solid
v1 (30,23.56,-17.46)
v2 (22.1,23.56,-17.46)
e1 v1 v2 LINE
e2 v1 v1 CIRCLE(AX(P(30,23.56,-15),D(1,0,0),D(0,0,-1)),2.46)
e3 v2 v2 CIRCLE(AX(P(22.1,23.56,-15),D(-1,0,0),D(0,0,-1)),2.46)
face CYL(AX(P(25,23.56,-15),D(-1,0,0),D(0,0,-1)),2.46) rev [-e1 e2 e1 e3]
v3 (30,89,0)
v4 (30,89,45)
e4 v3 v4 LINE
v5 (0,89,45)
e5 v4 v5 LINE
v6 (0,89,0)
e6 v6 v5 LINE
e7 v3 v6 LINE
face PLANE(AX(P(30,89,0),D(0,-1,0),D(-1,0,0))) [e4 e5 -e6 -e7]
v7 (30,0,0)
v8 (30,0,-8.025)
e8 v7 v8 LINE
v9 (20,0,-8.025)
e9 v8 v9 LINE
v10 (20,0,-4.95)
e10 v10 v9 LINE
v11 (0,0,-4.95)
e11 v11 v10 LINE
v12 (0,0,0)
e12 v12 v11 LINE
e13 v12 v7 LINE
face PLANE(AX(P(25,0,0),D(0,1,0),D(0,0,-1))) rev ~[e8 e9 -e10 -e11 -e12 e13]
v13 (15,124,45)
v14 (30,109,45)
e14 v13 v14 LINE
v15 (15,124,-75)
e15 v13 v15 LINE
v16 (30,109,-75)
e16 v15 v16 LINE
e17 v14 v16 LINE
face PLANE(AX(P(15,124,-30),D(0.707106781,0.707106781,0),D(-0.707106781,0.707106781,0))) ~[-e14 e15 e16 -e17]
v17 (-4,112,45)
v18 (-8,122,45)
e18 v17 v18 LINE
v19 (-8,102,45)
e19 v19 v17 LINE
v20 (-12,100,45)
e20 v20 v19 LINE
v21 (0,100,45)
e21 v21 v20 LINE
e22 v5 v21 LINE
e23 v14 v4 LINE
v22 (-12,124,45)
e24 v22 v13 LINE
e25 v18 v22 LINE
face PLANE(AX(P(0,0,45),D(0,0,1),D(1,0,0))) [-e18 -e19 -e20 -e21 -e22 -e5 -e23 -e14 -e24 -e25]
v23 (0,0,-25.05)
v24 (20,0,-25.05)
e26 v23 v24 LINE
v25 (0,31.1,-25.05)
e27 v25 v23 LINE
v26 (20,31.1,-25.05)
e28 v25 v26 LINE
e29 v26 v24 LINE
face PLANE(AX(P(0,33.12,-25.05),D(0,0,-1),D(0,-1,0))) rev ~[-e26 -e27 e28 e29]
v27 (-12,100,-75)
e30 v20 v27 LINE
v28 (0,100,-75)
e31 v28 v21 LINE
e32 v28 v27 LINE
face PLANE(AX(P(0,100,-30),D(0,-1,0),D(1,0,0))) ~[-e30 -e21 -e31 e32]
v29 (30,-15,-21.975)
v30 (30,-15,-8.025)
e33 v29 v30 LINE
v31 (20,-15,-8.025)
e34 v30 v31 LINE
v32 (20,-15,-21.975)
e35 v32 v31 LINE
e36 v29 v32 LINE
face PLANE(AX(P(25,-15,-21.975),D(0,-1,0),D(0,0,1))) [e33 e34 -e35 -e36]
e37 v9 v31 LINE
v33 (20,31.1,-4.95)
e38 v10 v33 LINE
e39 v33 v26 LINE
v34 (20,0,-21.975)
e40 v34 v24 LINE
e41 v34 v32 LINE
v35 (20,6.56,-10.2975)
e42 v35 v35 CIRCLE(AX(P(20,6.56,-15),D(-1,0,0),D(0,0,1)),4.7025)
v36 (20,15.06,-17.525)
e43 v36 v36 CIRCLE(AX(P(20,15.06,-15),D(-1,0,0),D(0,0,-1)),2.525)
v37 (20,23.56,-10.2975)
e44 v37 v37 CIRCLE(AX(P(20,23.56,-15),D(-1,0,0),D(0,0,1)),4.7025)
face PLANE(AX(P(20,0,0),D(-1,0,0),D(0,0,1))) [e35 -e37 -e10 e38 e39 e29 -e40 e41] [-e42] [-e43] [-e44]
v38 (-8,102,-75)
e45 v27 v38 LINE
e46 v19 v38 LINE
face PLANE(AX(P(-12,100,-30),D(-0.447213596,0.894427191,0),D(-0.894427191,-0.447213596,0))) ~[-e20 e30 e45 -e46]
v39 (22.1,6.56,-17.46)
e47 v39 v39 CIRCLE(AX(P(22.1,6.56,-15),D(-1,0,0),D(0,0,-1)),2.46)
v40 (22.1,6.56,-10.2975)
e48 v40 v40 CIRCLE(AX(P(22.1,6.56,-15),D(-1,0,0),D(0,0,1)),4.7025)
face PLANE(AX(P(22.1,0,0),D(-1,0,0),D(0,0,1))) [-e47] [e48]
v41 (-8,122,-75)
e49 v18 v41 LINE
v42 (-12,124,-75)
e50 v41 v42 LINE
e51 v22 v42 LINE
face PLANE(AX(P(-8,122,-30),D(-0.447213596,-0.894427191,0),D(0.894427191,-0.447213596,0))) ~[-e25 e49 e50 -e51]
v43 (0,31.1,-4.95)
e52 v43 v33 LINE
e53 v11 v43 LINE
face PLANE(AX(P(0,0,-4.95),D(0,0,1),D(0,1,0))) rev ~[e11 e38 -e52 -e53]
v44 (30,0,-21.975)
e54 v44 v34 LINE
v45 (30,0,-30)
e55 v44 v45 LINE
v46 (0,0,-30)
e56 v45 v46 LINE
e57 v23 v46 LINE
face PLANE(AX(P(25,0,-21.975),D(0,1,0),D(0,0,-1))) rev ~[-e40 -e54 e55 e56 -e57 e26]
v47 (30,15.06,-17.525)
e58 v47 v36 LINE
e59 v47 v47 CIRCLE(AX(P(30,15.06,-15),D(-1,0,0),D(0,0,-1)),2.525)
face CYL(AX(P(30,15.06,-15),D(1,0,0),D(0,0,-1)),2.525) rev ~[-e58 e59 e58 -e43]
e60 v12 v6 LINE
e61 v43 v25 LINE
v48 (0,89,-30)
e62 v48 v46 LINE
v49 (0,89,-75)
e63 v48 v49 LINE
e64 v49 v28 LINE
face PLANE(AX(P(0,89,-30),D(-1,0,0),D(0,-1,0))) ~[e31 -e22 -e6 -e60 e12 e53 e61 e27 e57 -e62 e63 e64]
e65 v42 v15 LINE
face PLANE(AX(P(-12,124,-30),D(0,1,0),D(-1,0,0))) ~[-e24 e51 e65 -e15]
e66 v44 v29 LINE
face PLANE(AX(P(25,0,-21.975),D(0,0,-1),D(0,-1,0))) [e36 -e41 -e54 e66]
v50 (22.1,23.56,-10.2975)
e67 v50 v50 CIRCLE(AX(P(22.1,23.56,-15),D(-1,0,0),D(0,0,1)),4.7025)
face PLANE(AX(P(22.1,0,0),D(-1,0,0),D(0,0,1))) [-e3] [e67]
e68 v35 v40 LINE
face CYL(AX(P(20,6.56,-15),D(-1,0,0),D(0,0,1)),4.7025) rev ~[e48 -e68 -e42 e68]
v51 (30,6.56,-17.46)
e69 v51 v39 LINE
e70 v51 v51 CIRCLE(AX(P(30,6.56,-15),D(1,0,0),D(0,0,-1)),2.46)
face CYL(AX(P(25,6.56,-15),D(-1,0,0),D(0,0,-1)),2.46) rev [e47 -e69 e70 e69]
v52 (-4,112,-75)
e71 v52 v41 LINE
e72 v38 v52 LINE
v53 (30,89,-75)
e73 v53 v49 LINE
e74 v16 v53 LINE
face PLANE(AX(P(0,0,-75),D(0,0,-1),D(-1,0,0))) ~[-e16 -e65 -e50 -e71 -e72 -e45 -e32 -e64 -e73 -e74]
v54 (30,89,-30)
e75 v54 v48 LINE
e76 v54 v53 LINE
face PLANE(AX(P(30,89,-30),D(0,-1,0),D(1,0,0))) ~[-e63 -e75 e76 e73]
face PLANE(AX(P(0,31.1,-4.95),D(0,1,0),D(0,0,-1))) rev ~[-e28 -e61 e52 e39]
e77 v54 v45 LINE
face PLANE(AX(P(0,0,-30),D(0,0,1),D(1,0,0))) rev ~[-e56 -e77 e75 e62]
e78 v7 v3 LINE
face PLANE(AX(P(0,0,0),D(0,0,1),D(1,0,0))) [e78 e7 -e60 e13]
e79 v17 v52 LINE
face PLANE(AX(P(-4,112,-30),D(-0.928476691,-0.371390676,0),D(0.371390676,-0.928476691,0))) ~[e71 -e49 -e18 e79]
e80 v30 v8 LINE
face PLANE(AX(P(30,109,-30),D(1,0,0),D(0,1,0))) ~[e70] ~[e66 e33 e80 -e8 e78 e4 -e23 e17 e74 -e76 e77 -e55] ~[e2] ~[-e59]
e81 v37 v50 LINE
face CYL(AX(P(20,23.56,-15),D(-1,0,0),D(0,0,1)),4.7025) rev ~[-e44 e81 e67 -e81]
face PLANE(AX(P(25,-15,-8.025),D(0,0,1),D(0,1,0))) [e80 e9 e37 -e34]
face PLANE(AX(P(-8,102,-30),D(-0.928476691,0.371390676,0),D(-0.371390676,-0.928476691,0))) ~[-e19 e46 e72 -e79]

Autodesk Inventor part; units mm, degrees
ref_plane "YZ Plane" through (0, 0, 0) normal (1, 0, 0) x (0, 1, 0)
ref_plane "XZ Plane" through (0, 0, 0) normal (0, 1, 0) x (-1, 0, 0)
sketch "Sketch1" plane through (0, 0, 0) normal (0, 0, 1) x (1, 0, 0)
  line L0 (0, 0) -> (25, 0)
  line L1 (25, 0) -> (25, 40)
  line L2 (25, 40) -> (0, 40)
  line L3 (0, 40) -> (0, 0)
  dimension "d1" = 25
  dimension "d2" = 40
  dimension "d3" = 25
extrude "Extrusion1" add sketch "Sketch1" against normal blind 30
sketch "Sketch2" plane through (25, 0, 0) normal (1, 0, 0) x (0, 0, -1)
  line L0 (0, 0) -> (30, 0) projected
  circle A0 centre (15, 6.56) radius 2.46
extrude "Extrusion2" cut sketch "Sketch2" against normal blind 30
sketch "Sketch3" plane through (0, 0, 0) normal (-1, 0, 0) x (0, 0, 1)
  line L0 (0, 0) -> (-30, 0) projected
  line L1 (-25.05, 0) -> (-4.95, 0)
  line L2 (-4.95, 0) -> (-4.95, 33.12)
  line L3 (-4.95, 33.12) -> (-25.05, 33.12)
  line L4 (-25.05, 33.12) -> (-25.05, 0)
  dimension "d11" = 20.1
extrude "Extrusion3" cut sketch "Sketch3" against normal blind 20
sketch "Sketch4" plane through (0, 0, 0) normal (0, -1, 0) x (1, 0, 0)
  line L0 (20, -4.95) -> (20, -25.05) projected
  line L1 (20, -15) -> (25, -15)
  line L2 (25, 0) -> (25, -30) projected
  line L3 (20, -8.025) -> (25, -8.025)
  line L4 (25, -8.025) -> (25, -21.975)
  line L5 (25, -21.975) -> (20, -21.975)
  line L6 (20, -21.975) -> (20, -8.025)
  line L7 (20, -8.025) -> (25, -21.975) construction
  line L8 (25, -8.025) -> (20, -21.975) construction
  line L9 (25, -12.54) -> (25, -17.46) projected
  point P0 (0, 0)
  point P1 (22.5, -15)
  dimension "d14" = 13.95
extrude "Extrusion4" add sketch "Sketch4" along normal blind 15
sketch "Sketch5" plane through (20, 0, 0) normal (-1, 0, 0) x (0, 0, 1)
  circle A0 centre (-15, 6.56) radius 2.46 projected
  circle A1 centre (-15, 6.56) radius 4.7025
  circle A2 centre (-15, 6.56) radius 2.46 projected
  circle A3 centre (-15, 6.56) radius 2.46
  point P0 (0, 0)
  dimension "d17" = 9.405
extrude "Extrusion5" cut sketch "Sketch5" against normal blind 2.1
sketch "Sketch6" plane through (25, 0, 0) normal (1, 0, 0) x (0, 0, -1)
  circle A0 centre (15, 6.56) radius 4.7025 projected
  line L0 (15, 6.56) -> (15, 23.56)
  circle A1 centre (15, 23.56) radius 2.46
  point P0 (0, 0)
  dimension "d20" = 17
  dimension "d21" = 4.92
extrude "Extrusion6" cut sketch "Sketch6" against normal blind 10 contours A1
sketch "Sketch7" plane through (20, 0, 0) normal (-1, 0, 0) x (0, 0, 1)
  circle A0 centre (-15, 23.56) radius 2.46 projected
  circle A1 centre (-15, 23.56) radius 4.7025
  point P0 (0, 0)
  dimension "d24" = 9.405
extrude "Extrusion7" cut sketch "Sketch7" against normal blind 2.1
sketch "Sketch9" plane through (25, 0, 0) normal (1, 0, 0) x (0, 0, -1)
  circle A0 centre (15, 6.56) radius 2.46 projected
  circle A1 centre (15, 6.56) radius 2.46
  circle A2 centre (15, 23.56) radius 2.46 projected
  circle A3 centre (15, 23.56) radius 2.46
  line L0 (30, 40) -> (30, 0) projected
  line L1 (30, 0) -> (30, 40)
  line L2 (30, 40) -> (0, 40)
  line L3 (0, 40) -> (0, 0)
  line L4 (0, 0) -> (8.025, 0) projected
  line L5 (21.975, 0) -> (21.975, -15)
  line L6 (21.975, -15) -> (8.025, -15)
  line L7 (8.025, -15) -> (8.025, 0)
  line L8 (0, 0) -> (8.025, 0)
  line L9 (21.975, 0) -> (30, 0)
extrude "Extrusion8" add sketch "Sketch9" along normal blind 5
sketch "Sketch10" plane through (0, 40, 0) normal (0, 1, 0) x (1, 0, 0)
  line L0 (0, 30) -> (30, 30) projected
  line L1 (30, 0) -> (0, 0) projected
  line L2 (0, 30) -> (30, 30)
  line L3 (30, 30) -> (30, 0)
  line L4 (30, 0) -> (0, 0)
  line L5 (0, 0) -> (0, 30)
extrude "Extrusion9" add sketch "Sketch10" along normal blind 30
sketch "Sketch12" plane through (30, 0, 0) normal (1, 0, 0) x (0, 0, -1)
  circle A0 centre (15, 6.56) radius 2.46 projected
  line L0 (15, 6.56) -> (15, 15.06)
  circle A1 centre (15, 15.06) radius 2.525
  point P0 (0, 0)
  dimension "d31" = 8.5
  dimension "d33" = 5.05
extrude "Extrusion10" cut sketch "Sketch12" against normal blind 30 contours A1
sketch "Sketch14" plane through (0, 0, 0) normal (0, 0, 1) x (1, 0, 0)
  line L0 (30, 70) -> (0, 70) projected
  line L1 (0, 70) -> (0, 85)
  line L2 (30, 0) -> (30, 70) projected
  line L3 (30, 109) -> (30, 70)
  line L4 (30, 105) -> (30, 100)
  line L5 (-12, 124) -> (15, 124)
  line L6 (-8, 122) -> (-12, 124)
  line L7 (-8, 122) -> (-4, 112)
  line L8 (-8, 102) -> (-12, 100)
  line L9 (-8, 102) -> (-4, 112)
  line L10 (30, 109) -> (15, 124)
  line L11 (0, 85) -> (0, 100)
  line L12 (0, 100) -> (-12, 100)
  point P0 (0, 0)
  dimension "d69" = 12
extrude "Extrusion12" add sketch "Sketch14" against normal blind 30
sketch "Sketch15" plane through (0, 0, -25.05) normal (-1, 0, 0) x (0, 0, 1)
  line L0 (0, 33.12) -> (20.1, 33.12) projected
  line L1 (20.1, 33.12) -> (20.1, 0) projected
  line L2 (0, 33.12) -> (20.1, 33.12)
  line L3 (20.1, 33.12) -> (20.1, 31.1)
  line L4 (20.1, 31.1) -> (0, 31.1)
  line L5 (0, 31.1) -> (0, 33.12)
  point P0 (25.05, 0)
  dimension "d57" = 2.02
extrude "Extrusion13" add sketch "Sketch15" against normal blind 20
sketch "Sketch19" plane through (0, 0, 0) normal (0, 0, 1) x (1, 0, 0)
  line L0 (0, 100) -> (-12, 100) projected
  line L1 (0, 100) -> (-12, 100)
  line L2 (-12, 100) -> (-8, 102) projected
  line L3 (-12, 100) -> (-8, 102)
  line L4 (-8, 102) -> (-4, 112) projected
  line L5 (-8, 102) -> (-4, 112)
  line L6 (-4, 112) -> (-8, 122) projected
  line L7 (-4, 112) -> (-8, 122)
  line L8 (-8, 122) -> (-12, 124) projected
  line L9 (-8, 122) -> (-12, 124)
  line L10 (-12, 124) -> (15, 124) projected
  line L11 (-12, 124) -> (15, 124)
  line L12 (15, 124) -> (30, 109) projected
  line L13 (15, 124) -> (30, 109)
  line L14 (30, 109) -> (30, 89)
  line L15 (30, 89) -> (0, 89)
  line L16 (0, 89) -> (0, 100)
  point P0 (0, 0)
  dimension "d71" = 20
  dimension "d72" = 30
extrude "Extrusion14" add sketch "Sketch19" along normal blind 45
ref_plane "Work Plane1" through (0, 0, -15) normal (0, 0, 1) x (1, 0, 0)
mirror "Mirror1" about plane through (0, 0, -15) normal (0, 0, 1) of "Extrusion14"
properties part number "rec_b_20mm_x_120mm"
